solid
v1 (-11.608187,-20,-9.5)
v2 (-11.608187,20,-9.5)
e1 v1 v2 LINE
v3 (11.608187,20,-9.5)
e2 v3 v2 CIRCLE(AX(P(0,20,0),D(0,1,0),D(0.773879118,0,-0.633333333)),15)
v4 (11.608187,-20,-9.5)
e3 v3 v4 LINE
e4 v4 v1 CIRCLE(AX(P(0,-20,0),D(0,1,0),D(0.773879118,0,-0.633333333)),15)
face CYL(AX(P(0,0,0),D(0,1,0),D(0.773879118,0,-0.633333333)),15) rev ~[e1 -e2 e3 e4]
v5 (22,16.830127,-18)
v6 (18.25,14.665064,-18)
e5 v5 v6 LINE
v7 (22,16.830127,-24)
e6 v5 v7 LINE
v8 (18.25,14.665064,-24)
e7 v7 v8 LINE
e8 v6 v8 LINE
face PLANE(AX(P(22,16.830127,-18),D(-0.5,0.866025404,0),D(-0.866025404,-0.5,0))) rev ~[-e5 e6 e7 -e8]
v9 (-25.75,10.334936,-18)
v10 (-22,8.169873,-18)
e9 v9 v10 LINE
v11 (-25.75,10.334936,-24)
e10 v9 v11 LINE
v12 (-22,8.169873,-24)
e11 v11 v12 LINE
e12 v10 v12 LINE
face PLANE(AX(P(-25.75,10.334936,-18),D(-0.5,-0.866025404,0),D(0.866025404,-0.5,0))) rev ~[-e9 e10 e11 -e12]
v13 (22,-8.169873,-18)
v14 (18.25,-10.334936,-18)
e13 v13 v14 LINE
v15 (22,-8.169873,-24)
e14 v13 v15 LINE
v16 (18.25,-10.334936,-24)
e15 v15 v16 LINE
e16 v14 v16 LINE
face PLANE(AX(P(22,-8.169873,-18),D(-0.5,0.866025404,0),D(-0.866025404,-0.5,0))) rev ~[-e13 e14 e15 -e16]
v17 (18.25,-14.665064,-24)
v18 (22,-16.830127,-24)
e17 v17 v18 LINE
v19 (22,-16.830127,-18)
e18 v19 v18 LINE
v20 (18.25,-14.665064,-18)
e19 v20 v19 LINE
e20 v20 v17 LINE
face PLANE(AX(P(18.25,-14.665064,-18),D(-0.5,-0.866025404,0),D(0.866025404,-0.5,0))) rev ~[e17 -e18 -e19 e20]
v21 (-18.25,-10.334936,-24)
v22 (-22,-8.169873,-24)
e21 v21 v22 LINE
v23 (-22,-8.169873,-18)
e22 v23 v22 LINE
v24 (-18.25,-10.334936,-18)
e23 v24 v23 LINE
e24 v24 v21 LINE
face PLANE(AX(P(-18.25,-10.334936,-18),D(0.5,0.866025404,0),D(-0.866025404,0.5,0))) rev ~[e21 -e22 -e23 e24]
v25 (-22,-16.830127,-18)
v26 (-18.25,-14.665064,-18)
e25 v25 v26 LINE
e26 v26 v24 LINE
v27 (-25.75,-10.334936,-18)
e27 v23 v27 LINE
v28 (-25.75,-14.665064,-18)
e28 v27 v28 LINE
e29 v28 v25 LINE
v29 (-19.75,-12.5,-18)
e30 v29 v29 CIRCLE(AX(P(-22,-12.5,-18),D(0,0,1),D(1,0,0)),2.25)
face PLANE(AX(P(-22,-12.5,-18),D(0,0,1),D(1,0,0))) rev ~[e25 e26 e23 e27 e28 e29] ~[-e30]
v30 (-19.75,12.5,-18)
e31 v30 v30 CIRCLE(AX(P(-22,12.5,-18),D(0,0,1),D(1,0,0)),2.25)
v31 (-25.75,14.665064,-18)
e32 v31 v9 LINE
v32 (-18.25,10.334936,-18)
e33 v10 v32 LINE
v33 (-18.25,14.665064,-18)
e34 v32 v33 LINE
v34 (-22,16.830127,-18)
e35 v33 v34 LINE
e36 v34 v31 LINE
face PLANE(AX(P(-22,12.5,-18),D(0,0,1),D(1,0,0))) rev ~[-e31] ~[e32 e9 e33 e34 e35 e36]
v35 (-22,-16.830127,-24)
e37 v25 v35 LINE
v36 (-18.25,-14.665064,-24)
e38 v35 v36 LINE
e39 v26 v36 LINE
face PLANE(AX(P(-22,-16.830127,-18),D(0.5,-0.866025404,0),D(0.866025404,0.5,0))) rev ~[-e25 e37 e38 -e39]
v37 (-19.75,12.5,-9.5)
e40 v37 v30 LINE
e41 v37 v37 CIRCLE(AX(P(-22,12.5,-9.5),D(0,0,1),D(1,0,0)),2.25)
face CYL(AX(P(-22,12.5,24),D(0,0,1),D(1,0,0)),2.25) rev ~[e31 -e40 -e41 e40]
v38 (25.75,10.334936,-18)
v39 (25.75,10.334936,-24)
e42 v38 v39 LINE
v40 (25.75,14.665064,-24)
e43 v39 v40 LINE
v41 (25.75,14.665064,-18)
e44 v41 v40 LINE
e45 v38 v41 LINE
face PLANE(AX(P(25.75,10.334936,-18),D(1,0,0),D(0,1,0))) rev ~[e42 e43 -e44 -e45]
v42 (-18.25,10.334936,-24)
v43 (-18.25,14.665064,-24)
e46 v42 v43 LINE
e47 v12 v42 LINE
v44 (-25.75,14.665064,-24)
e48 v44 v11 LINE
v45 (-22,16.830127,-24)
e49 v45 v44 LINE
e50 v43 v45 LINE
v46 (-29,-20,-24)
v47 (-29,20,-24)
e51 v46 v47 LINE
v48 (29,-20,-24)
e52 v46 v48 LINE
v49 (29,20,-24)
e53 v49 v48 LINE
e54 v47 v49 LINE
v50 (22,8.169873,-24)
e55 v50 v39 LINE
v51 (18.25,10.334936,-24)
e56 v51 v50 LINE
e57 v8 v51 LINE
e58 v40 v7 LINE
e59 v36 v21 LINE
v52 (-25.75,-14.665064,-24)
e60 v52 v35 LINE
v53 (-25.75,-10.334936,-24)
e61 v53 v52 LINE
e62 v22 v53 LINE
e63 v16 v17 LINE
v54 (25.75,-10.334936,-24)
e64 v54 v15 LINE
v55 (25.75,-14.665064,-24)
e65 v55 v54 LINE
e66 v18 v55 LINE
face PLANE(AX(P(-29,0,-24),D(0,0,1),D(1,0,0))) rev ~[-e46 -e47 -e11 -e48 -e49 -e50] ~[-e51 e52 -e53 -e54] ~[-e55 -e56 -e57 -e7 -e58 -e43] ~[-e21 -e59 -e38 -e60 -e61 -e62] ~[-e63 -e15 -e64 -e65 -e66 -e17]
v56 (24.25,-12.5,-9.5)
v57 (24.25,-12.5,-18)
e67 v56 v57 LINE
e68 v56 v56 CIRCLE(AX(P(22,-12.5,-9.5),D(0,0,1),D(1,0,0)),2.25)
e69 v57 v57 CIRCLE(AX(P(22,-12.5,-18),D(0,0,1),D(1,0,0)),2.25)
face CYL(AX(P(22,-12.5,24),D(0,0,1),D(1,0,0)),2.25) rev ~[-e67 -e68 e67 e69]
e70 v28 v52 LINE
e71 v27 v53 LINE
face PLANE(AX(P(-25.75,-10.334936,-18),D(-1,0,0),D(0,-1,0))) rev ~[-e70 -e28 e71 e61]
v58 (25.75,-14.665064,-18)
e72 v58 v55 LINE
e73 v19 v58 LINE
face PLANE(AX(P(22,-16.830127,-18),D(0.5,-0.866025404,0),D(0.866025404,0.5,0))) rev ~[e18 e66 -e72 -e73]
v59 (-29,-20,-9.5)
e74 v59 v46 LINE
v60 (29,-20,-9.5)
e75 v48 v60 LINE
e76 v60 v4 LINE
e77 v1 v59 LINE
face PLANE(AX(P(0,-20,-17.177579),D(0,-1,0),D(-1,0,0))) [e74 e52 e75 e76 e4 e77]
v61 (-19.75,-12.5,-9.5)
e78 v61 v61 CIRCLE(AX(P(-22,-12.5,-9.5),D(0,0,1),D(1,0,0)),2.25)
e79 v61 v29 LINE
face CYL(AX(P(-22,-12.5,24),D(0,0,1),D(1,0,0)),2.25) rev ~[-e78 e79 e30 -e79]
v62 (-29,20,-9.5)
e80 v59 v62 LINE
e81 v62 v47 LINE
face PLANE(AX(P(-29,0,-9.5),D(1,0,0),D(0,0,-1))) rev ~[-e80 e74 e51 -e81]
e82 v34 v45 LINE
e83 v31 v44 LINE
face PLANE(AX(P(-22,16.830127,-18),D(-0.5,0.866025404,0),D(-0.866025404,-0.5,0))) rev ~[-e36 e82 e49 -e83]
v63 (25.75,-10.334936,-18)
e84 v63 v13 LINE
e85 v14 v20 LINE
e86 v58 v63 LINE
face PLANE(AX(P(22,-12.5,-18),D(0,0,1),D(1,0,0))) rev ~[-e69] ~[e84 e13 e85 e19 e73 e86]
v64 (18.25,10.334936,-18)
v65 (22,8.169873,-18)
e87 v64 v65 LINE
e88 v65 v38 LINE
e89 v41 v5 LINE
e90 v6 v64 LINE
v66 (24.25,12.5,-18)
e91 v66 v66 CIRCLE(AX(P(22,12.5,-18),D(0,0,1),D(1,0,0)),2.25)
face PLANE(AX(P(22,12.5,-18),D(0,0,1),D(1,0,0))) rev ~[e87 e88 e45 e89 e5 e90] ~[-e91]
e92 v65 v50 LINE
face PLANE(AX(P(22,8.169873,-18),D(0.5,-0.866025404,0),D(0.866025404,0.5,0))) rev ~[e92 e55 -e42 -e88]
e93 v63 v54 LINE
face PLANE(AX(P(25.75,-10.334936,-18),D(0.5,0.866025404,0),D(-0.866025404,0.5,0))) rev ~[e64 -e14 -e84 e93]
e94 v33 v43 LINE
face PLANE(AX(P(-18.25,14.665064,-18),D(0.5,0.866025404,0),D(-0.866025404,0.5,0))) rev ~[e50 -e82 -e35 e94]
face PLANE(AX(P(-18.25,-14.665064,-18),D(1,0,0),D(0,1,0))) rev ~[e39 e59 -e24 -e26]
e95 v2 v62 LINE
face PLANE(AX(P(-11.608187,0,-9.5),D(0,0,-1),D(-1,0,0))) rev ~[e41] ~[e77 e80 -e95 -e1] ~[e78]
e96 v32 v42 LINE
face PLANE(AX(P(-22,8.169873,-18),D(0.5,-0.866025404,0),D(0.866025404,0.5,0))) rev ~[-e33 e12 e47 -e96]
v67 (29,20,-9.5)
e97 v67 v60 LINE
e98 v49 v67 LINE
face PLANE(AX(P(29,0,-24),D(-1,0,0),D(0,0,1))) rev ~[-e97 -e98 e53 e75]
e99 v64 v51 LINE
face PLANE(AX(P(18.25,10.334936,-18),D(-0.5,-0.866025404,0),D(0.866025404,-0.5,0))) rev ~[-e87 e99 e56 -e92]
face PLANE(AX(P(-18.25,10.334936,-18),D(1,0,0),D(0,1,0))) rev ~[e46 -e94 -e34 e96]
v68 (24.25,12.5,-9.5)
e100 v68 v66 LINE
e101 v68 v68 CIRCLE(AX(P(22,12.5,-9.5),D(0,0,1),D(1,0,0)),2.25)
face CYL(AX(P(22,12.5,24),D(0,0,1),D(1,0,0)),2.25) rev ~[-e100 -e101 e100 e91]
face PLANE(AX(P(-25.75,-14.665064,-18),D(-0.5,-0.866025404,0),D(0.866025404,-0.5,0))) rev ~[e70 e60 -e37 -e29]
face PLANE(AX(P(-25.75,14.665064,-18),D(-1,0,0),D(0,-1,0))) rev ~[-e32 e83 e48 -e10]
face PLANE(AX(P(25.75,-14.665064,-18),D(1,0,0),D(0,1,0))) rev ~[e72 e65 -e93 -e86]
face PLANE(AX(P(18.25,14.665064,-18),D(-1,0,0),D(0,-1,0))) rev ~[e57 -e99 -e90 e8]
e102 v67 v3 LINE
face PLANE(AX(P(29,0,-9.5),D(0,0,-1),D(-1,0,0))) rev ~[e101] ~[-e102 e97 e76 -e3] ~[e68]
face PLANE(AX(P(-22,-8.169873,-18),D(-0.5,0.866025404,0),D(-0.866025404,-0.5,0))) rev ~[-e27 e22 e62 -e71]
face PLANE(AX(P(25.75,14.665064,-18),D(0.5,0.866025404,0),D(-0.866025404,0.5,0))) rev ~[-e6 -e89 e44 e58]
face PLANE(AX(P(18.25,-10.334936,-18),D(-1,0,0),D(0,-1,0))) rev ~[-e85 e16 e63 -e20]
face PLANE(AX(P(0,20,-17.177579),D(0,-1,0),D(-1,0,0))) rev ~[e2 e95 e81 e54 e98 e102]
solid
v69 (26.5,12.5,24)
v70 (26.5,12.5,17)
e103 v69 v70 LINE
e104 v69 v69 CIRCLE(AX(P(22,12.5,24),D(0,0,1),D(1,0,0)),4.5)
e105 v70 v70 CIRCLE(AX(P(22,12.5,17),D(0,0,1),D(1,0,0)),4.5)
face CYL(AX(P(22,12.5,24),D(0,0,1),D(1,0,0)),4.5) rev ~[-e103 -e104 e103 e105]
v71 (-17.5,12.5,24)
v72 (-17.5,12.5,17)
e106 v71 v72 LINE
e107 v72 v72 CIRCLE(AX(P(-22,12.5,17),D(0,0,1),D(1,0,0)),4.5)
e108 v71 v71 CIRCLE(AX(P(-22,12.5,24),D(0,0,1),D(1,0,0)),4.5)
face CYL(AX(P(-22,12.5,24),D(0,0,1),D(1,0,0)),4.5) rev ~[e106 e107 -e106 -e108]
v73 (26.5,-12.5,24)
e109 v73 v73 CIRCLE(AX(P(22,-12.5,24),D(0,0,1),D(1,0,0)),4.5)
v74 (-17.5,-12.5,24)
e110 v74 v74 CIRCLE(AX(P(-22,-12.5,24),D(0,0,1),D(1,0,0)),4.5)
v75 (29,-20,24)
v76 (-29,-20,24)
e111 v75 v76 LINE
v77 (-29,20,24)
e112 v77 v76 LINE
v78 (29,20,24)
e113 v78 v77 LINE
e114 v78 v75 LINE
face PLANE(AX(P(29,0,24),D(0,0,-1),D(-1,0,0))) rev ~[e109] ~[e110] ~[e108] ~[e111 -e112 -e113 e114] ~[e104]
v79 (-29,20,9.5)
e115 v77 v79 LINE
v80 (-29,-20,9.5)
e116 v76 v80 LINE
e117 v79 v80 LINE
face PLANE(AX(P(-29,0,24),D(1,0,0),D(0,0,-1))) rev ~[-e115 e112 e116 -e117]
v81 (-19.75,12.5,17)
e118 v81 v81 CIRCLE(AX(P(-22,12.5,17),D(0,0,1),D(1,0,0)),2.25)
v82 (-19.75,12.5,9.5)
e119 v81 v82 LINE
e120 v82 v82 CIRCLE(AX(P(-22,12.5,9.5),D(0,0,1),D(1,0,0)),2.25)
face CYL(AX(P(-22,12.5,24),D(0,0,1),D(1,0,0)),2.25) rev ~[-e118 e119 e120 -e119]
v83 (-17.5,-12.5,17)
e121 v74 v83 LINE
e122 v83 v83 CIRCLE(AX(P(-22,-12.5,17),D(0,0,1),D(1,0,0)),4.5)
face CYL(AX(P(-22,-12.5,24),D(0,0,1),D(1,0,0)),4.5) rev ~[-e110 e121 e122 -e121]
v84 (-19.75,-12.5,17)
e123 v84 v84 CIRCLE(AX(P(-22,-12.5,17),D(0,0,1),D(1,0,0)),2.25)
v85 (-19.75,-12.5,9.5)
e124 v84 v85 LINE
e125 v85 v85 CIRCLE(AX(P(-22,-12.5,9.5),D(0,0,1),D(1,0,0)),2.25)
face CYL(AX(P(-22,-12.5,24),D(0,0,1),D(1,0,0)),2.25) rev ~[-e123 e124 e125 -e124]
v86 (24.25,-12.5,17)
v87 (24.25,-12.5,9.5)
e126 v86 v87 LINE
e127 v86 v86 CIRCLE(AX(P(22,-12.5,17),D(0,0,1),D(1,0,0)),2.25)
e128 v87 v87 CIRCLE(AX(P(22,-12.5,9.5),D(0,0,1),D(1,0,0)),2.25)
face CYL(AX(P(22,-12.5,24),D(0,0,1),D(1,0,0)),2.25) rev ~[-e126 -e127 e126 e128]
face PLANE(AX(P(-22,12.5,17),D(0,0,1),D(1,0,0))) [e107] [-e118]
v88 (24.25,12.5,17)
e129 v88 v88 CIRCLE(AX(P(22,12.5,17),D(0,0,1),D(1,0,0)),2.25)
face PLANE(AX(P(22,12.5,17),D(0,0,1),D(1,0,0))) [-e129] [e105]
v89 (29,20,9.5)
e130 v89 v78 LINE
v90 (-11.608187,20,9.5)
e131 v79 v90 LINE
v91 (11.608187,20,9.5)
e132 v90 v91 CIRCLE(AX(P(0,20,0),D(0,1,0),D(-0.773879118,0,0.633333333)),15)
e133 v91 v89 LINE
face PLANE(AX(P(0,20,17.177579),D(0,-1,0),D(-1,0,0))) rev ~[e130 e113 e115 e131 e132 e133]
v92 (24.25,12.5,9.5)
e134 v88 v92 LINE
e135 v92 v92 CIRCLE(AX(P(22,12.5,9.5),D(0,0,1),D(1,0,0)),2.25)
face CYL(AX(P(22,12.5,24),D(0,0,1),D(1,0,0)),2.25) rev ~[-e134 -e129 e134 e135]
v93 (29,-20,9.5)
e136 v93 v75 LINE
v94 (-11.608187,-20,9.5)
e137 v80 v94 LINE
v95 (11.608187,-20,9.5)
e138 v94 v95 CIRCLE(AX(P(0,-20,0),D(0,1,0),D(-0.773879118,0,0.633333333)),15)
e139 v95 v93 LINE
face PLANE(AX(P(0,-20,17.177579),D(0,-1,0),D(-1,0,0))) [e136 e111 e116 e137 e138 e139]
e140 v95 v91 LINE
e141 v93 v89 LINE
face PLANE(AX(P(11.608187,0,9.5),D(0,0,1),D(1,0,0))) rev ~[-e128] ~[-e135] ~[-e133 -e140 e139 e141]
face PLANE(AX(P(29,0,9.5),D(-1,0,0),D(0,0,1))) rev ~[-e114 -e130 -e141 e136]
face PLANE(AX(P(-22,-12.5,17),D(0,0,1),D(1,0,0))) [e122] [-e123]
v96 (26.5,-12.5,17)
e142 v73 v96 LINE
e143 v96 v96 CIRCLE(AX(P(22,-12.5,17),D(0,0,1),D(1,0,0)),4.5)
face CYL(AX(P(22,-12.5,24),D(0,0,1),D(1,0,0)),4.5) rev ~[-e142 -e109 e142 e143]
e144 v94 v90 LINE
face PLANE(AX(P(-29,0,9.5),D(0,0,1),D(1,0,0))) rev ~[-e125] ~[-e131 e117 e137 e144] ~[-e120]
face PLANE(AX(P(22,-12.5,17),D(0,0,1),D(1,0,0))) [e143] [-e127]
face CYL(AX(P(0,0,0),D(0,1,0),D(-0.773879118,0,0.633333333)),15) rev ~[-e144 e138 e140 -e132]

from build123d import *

# Parameters (mm, degrees)
BOSS_EXTRUDE1_DEPTH   = 20
BOSS_EXTRUDE1_2_DEPTH = 20
SKETCH2_R             = 2.25
CUT_EXTRUDE1_DEPTH    = 60.539902586
SKETCH3_R             = 4.5
CUT_EXTRUDE2_DEPTH    = 7
CUT_EXTRUDE3_START    = -35
CUT_EXTRUDE3_DEPTH    = 20.055527007


with BuildPart() as part:
    # Sketch1 → Boss-Extrude1 (new, symmetric)
    with BuildSketch(Plane(origin=(0, 0, 0), x_dir=(1, 0, 0), z_dir=(0, 1, 0))):
        with BuildLine():
            Line((29, -9.5), (29, -24))
            Line((29, -24), (-29, -24))
            Line((-29, -24), (-29, -9.5))
            Line((-29, -9.5), (-11.608186766, -9.5))
            ThreePointArc((-11.608186766, -9.5), (0, -15), (11.608186766, -9.5))
            Line((11.608186766, -9.5), (29, -9.5))
        make_face()
    extrude(amount=BOSS_EXTRUDE1_DEPTH, both=True)


with BuildPart() as body_2:
    # Sketch1 → Boss-Extrude1 2 (new, symmetric)
    with BuildSketch(Plane(origin=(0, 0, 0), x_dir=(1, 0, 0), z_dir=(0, 1, 0))):
        with BuildLine():
            Line((-29, 24), (29, 24))
            Line((29, 24), (29, 9.5))
            Line((29, 9.5), (11.608186766, 9.5))
            ThreePointArc((11.608186766, 9.5), (0, 15), (-11.608186766, 9.5))
            Line((-11.608186766, 9.5), (-29, 9.5))
            Line((-29, 9.5), (-29, 24))
        make_face()
    extrude(amount=BOSS_EXTRUDE1_2_DEPTH, both=True)


with BuildPart() as cut_extrude1_tool:
    # Sketch2 → Cut-Extrude1 (new, through all)
    with BuildSketch(Plane.XY.offset(24)):
        with Locations((22, 12.5)):
            Circle(SKETCH2_R)
        with Locations((22, -12.5)):
            Circle(SKETCH2_R)
        with Locations((-22, -12.5)):
            Circle(SKETCH2_R)
        with Locations((-22, 12.5)):
            Circle(SKETCH2_R)
    extrude(amount=-CUT_EXTRUDE1_DEPTH)


with BuildPart() as part_1:
    add(part.part)

    # Cut-Extrude1: cut by cut_extrude1_tool
    add(cut_extrude1_tool.part, mode=Mode.SUBTRACT)

    # Sketch3 → Cut-Extrude2 (cut)
    with BuildSketch(Plane.XY.offset(24)):
        with Locations((22, 12.5)):
            Circle(SKETCH3_R)
        with Locations((22, -12.5)):
            Circle(SKETCH3_R)
        with Locations((-22, -12.5)):
            Circle(SKETCH3_R)
        with Locations((-22, 12.5)):
            Circle(SKETCH3_R)
    extrude(amount=-CUT_EXTRUDE2_DEPTH, mode=Mode.SUBTRACT)


with BuildPart() as body_2_1:
    add(body_2.part)

    # Cut-Extrude1: cut by cut_extrude1_tool
    add(cut_extrude1_tool.part, mode=Mode.SUBTRACT)

    # Sketch4 → Cut-Extrude3 (cut, through all)
    with BuildSketch(Plane.XY.offset(17).offset(CUT_EXTRUDE3_START)):
        Polygon((22, 8.169872981), (25.75, 10.334936491), (25.75, 14.665063509), (22, 16.830127019), (18.25, 14.665063509), (18.25, 10.334936491), align=None)
        Polygon((22, -16.830127019), (25.75, -14.665063509), (25.75, -10.334936491), (22, -8.169872981), (18.25, -10.334936491), (18.25, -14.665063509), align=None)
        Polygon((-22, -16.830127019), (-18.25, -14.665063509), (-18.25, -10.334936491), (-22, -8.169872981), (-25.75, -10.334936491), (-25.75, -14.665063509), align=None)
        Polygon((-22, 8.169872981), (-18.25, 10.334936491), (-18.25, 14.665063509), (-22, 16.830127019), (-25.75, 14.665063509), (-25.75, 10.334936491), align=None)
    extrude(amount=-CUT_EXTRUDE3_DEPTH, mode=Mode.SUBTRACT)


solid = Compound([part_1.part, body_2_1.part])
